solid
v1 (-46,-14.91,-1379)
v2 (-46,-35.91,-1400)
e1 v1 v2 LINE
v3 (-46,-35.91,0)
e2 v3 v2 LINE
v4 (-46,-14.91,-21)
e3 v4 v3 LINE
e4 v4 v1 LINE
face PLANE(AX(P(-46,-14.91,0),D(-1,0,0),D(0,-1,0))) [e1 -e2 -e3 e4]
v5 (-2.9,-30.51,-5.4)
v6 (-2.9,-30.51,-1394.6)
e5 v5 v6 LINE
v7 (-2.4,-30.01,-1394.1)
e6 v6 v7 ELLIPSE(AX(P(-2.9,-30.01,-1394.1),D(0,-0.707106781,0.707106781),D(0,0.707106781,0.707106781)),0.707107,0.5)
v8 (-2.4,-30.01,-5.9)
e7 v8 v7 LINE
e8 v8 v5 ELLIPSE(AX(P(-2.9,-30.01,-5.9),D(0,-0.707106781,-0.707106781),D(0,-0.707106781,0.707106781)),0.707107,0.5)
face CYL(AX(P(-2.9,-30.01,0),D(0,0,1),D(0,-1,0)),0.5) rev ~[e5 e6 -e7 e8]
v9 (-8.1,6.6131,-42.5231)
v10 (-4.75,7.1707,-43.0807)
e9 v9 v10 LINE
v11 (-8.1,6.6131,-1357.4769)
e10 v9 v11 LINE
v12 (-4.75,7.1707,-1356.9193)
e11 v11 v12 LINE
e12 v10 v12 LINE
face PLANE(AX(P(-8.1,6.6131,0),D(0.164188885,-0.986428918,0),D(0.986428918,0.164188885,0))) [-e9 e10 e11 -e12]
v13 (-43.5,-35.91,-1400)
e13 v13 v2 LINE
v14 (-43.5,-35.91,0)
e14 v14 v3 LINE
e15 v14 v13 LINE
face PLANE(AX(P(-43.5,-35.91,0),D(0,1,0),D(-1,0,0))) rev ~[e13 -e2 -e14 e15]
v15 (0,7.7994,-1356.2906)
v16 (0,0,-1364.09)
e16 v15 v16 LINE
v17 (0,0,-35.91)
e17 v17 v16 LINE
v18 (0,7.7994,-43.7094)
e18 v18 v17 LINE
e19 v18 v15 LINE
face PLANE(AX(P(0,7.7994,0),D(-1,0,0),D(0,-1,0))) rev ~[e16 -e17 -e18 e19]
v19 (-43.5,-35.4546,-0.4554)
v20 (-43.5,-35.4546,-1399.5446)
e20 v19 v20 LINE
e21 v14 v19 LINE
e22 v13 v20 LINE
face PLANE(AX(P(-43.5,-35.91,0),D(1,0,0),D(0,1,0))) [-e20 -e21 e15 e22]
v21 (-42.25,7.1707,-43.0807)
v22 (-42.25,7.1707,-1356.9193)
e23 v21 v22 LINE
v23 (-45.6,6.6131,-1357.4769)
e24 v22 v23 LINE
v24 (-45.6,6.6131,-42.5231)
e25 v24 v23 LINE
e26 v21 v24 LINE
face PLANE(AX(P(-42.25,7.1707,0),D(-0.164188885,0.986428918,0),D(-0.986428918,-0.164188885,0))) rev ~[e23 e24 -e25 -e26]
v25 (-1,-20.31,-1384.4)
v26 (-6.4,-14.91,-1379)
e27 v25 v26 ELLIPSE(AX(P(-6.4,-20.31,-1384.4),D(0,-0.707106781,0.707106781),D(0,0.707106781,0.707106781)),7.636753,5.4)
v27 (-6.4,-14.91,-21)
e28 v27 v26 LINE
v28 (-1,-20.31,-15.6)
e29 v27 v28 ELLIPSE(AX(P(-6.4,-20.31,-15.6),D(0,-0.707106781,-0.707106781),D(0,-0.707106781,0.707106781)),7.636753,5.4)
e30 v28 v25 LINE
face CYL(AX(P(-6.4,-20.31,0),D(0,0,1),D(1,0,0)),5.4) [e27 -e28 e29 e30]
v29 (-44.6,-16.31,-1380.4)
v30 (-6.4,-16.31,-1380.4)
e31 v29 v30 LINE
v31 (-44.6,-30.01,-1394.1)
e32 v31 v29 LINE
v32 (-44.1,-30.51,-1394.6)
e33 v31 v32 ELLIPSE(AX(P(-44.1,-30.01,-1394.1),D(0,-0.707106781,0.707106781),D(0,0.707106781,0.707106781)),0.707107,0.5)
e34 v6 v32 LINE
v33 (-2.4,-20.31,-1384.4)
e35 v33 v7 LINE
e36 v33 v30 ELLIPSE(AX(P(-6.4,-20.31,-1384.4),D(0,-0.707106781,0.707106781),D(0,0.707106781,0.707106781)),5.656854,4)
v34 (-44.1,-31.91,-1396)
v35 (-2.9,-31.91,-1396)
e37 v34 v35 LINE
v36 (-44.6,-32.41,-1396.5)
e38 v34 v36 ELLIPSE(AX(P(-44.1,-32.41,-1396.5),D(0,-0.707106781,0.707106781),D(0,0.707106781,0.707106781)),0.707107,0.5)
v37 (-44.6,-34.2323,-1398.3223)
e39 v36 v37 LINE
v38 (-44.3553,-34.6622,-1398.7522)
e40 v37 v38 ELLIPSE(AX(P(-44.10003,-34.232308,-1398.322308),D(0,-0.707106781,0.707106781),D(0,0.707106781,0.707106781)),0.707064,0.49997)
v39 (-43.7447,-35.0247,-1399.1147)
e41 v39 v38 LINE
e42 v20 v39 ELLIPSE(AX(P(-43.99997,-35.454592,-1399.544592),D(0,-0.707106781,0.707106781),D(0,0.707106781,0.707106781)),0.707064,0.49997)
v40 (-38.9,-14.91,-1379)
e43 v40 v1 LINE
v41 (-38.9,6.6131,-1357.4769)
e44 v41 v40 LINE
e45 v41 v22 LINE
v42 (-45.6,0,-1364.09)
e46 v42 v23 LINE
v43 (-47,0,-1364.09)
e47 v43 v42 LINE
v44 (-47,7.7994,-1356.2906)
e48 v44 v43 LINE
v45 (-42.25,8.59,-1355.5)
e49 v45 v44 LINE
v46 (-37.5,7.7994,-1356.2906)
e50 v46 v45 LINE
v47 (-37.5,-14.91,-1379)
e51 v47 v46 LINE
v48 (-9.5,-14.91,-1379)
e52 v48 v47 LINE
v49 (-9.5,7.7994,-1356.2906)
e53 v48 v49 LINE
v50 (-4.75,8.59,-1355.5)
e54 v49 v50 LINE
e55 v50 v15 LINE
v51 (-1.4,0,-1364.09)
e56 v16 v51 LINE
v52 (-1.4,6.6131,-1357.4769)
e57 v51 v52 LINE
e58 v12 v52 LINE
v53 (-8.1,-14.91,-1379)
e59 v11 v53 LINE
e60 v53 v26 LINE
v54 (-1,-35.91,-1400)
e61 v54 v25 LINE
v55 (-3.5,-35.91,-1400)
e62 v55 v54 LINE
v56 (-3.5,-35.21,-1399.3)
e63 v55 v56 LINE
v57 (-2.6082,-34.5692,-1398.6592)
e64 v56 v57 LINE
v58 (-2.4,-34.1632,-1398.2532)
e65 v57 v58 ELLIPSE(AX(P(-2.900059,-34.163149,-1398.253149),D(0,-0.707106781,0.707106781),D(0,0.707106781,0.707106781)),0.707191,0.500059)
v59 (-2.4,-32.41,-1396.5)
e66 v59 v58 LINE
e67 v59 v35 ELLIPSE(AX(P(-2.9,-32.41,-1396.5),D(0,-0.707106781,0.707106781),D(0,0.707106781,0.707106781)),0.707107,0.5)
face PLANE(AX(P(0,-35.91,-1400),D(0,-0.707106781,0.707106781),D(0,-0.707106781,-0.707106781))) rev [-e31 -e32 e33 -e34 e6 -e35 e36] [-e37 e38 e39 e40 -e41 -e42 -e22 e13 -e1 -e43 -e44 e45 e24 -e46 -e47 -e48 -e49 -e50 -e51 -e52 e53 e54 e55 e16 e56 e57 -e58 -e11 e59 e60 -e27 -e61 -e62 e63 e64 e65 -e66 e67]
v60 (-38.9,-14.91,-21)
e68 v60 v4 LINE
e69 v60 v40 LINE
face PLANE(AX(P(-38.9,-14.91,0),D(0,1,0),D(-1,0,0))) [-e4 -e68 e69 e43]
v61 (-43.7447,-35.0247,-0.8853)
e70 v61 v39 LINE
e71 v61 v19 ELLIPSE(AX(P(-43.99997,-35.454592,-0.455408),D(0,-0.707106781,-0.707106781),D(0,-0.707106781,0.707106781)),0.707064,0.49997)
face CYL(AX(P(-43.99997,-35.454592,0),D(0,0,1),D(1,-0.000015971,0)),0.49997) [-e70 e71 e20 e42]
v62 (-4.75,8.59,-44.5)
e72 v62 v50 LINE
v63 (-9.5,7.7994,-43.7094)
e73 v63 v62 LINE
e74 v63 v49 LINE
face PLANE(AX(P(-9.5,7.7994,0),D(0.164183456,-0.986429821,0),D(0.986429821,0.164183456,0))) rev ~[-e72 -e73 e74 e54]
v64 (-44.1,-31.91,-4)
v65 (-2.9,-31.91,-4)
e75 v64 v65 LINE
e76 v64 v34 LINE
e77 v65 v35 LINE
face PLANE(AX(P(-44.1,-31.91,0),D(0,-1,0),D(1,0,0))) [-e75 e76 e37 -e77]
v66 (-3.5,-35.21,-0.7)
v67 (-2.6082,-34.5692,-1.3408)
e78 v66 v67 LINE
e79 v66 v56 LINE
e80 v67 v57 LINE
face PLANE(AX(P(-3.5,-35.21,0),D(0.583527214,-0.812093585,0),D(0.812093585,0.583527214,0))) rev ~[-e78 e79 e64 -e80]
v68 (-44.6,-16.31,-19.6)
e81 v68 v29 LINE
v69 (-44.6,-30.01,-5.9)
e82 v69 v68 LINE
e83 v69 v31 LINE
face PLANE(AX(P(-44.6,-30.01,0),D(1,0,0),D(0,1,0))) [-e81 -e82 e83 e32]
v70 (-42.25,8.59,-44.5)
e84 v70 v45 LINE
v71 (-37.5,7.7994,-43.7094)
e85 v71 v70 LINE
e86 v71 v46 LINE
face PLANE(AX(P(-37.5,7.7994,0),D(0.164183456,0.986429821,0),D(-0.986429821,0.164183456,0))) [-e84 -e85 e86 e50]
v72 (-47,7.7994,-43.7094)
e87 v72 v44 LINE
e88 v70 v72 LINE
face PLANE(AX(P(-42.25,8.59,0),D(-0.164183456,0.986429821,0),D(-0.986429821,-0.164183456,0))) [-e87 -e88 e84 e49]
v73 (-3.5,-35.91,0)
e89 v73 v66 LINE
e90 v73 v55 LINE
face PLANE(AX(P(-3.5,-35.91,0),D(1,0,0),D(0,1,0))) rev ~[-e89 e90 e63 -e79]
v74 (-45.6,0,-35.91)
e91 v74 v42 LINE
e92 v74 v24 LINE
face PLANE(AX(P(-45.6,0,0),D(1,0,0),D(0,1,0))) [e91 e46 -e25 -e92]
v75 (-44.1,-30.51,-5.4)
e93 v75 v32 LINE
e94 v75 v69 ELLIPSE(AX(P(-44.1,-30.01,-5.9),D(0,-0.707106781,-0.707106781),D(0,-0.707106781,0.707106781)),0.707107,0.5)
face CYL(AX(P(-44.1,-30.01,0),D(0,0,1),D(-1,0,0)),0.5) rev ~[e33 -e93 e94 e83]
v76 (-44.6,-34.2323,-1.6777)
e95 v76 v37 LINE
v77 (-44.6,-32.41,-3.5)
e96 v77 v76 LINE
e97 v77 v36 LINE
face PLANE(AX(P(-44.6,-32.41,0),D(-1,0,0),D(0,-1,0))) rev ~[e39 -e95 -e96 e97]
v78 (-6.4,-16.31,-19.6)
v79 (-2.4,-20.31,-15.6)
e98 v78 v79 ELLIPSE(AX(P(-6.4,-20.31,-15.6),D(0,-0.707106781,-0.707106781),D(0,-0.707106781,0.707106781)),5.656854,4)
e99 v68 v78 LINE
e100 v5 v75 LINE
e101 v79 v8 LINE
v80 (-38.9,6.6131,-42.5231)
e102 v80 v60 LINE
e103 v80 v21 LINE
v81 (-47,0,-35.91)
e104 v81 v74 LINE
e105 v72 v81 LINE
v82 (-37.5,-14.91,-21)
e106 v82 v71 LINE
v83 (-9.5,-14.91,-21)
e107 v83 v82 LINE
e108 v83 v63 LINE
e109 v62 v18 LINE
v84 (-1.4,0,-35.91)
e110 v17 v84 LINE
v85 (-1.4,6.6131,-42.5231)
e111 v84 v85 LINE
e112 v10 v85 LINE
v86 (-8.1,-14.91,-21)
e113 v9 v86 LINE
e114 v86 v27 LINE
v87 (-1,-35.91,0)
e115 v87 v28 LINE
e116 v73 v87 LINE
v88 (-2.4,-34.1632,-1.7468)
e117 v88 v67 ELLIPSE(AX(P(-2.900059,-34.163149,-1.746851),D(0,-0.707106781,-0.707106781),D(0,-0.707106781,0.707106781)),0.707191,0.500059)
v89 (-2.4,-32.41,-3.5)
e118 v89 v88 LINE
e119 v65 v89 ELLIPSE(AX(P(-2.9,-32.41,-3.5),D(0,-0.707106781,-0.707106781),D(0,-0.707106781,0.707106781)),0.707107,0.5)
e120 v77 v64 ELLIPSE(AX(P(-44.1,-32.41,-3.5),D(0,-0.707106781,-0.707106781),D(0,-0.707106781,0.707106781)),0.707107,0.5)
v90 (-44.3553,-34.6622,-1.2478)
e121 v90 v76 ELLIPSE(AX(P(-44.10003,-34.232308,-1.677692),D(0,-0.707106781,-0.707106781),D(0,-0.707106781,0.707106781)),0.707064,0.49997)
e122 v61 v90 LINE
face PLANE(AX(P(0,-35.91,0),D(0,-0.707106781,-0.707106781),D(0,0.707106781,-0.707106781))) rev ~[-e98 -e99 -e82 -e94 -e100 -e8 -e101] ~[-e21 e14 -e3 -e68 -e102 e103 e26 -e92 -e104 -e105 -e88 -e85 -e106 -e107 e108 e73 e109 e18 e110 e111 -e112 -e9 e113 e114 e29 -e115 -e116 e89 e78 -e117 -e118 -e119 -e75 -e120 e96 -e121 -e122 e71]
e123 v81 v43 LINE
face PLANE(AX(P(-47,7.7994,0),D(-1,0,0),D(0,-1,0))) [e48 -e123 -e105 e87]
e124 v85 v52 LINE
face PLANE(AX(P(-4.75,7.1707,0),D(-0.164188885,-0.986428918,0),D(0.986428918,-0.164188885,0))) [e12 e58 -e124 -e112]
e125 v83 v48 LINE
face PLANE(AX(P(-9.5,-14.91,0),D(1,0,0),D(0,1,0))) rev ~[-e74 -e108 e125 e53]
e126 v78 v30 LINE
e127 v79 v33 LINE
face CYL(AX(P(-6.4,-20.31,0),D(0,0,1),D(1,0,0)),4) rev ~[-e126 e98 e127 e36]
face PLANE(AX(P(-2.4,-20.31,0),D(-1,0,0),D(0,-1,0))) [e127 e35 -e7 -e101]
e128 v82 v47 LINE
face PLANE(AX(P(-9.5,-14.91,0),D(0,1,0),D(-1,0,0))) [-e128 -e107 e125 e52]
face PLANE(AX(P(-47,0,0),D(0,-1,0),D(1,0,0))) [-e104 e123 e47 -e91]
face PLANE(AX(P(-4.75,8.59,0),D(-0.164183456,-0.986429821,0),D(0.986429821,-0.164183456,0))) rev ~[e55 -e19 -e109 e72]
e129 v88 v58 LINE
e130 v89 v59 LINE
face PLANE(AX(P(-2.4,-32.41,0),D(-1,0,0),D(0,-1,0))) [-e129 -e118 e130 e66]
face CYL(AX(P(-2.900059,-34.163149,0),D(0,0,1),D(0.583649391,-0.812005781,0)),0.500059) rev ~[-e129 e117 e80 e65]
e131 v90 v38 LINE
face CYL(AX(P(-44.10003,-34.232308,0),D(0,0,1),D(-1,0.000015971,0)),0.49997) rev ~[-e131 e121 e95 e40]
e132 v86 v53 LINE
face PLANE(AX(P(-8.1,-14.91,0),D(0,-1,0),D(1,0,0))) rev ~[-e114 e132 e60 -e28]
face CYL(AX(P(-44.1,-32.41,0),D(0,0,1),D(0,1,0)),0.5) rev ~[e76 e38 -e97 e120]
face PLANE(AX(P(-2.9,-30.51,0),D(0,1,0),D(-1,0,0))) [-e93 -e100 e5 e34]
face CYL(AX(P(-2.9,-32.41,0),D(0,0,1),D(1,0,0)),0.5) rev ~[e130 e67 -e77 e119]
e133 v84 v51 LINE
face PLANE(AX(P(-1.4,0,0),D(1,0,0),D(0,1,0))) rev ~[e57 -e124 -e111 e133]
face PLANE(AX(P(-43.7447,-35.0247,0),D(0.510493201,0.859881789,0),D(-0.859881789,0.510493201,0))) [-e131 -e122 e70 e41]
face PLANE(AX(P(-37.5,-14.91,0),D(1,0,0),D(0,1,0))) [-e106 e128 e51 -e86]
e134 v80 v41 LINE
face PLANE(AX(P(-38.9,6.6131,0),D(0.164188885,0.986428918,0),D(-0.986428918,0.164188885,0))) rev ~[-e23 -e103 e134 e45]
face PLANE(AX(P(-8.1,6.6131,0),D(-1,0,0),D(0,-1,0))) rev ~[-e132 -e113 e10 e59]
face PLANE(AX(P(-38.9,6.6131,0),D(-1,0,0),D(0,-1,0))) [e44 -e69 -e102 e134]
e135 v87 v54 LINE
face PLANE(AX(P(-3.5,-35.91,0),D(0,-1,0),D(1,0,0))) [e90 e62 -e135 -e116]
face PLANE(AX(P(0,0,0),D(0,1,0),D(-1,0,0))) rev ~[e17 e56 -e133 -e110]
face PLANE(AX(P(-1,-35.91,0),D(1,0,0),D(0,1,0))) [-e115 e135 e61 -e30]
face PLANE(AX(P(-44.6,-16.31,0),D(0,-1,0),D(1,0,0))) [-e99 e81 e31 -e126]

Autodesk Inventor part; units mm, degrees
ref_plane "YZ Plane" through (0, 0, 0) normal (1, 0, 0) x (0, 1, 0)
ref_plane "XZ Plane" through (0, 0, 0) normal (0, 1, 0) x (-1, 0, 0)
ref_plane "XY Plane" through (0, 0, 0) normal (0, 0, 1) x (1, 0, 0)
sketch "Boceto1" plane through (0, 0, 0) normal (0, 0, 1) x (1, 0, 0)
  line L0 (-46, -14.91) -> (-46, -35.91)
  line L1 (-44.1, -31.91) -> (-2.9, -31.91)
  line L2 (-1, -35.91) -> (-1, -20.31)
  line L3 (-8.1, 6.6131) -> (-8.1, -14.91)
  line L4 (-44.6, -16.31) -> (-6.4, -16.31)
  line L5 (-2.4, -20.31) -> (-2.4, -30.01)
  line L6 (-2.9, -30.51) -> (-44.1, -30.51)
  line L7 (-44.6, -30.01) -> (-44.6, -16.31)
  arc A0 (-2.4, -20.31) -> (-6.4, -16.31) centre (-6.4, -20.31) ccw
  line L8 (-2.4, -32.41) -> (-2.4, -34.1632)
  line L9 (-3.5, -35.91) -> (-1, -35.91)
  line L10 (-9.5, -14.91) -> (-9.5, 7.7994)
  line L11 (-44.6, -32.41) -> (-44.6, -34.2323)
  line L12 (-43.5, -35.91) -> (-46, -35.91)
  line L13 (-43.5, -35.91) -> (-43.5, -35.4546)
  line L14 (-3.5, -35.91) -> (-3.5, -35.21)
  line L15 (-43.7447, -35.0247) -> (-44.3553, -34.6622)
  line L16 (-3.5, -35.21) -> (-2.6082, -34.5692)
  arc A1 (-2.9, -30.51) -> (-2.4, -30.01) centre (-2.9, -30.01) ccw
  arc A2 (-2.4, -32.41) -> (-2.9, -31.91) centre (-2.9, -32.41) ccw
  arc A3 (-2.6082, -34.5692) -> (-2.4, -34.1632) centre (-2.9, -34.1632) ccw
  arc A4 (-44.6, -30.01) -> (-44.1, -30.51) centre (-44.1, -30.01) ccw
  arc A5 (-44.1, -31.91) -> (-44.6, -32.41) centre (-44.1, -32.41) ccw
  arc A6 (-44.6, -34.2323) -> (-44.3553, -34.6622) centre (-44.1, -34.2323) ccw
  arc A7 (-43.5, -35.4546) -> (-43.7447, -35.0247) centre (-44, -35.4546) ccw
  line L17 (-9.5, 7.7994) -> (-4.75, 8.59)
  line L18 (-4.75, 8.59) -> (0, 7.7994)
  line L19 (-8.1, 6.6131) -> (-4.75, 7.1707)
  line L20 (-4.75, 7.1707) -> (-1.4, 6.6131)
  line L21 (0, 7.7994) -> (0, 0)
  line L22 (0, 0) -> (-1.4, 0)
  line L23 (-1.4, 0) -> (-1.4, 6.6131)
  line L24 (-8.1, -14.91) -> (-6.4, -14.91)
  arc A8 (-1, -20.31) -> (-6.4, -14.91) centre (-6.4, -20.31) ccw
  line L25 (-4.75, 16.5254) -> (-4.75, 0) construction
  line L26 (-38.9, 6.6131) -> (-38.9, -14.91)
  line L27 (-37.5, -14.91) -> (-37.5, 7.7994)
  line L28 (-37.5, 7.7994) -> (-42.25, 8.59)
  line L29 (-42.25, 8.59) -> (-47, 7.7994)
  line L30 (-38.9, 6.6131) -> (-42.25, 7.1707)
  line L31 (-42.25, 7.1707) -> (-45.6, 6.6131)
  line L32 (-47, 7.7994) -> (-47, 0)
  line L33 (-47, 0) -> (-45.6, 0)
  line L34 (-45.6, 0) -> (-45.6, 6.6131)
  line L35 (-42.25, 16.5254) -> (-42.25, 0) construction
  line L36 (-9.5, -14.91) -> (-37.5, -14.91)
  line L37 (-38.9, -14.91) -> (-46, -14.91)
  line L38 (-23.5, 14.1873) -> (-23.5, -36.7854) construction
  point P0 (-44.6, -34.5169)
  point P1 (-43.5, -35.17)
  dimension "d17" = 4
  dimension "d24" = 1.4
  dimension "d50" = 0.7
  dimension "d61" = 0.74
  dimension "d62" = 30.7
  dimension "d63" = 35.7
  dimension "d206" = 1.4
  dimension "d207" = 1.4
  dimension "d210" = 1.4
  dimension "d211" = 1.4
  dimension "d213" = 14.2
  dimension "d214" = 1.4
  dimension "d215" = 1.4
  dimension "d216" = 1.4
  dimension "d217" = 1.4
  dimension "d218" = 45
  dimension "d223" = 5.4
  dimension "d224" = 1.4
  dimension "d225" = 9.5
  dimension "d226" = 4.75
  dimension "d227" = 3.35
  dimension "d228" = 6.7
  dimension "d229" = 44.5
  dimension "d230" = 3.35
  dimension "d231" = 2.5
  dimension "d232" = 2.5
  dimension "d240" = 8.59
  dimension "d241" = 3.35
  dimension "d242" = 99.45
  dimension "d243" = 161.1
  dimension "d246" = 1.4
  dimension "d247" = 1.4
  dimension "d248" = 1.4
  dimension "d253" = 1.4
  dimension "d254" = 1.4
  dimension "d255" = 1.4
  dimension "d256" = 1.4
  dimension "d257" = 8.59
  dimension "d258" = 161.1
  dimension "d259" = 99.45
  dimension "d260" = 22.5
  dimension "d266" = 23.5
  dimension "d267" = 47
  dimension "d268" = 3.35
  dimension "d269" = 9.5
  dimension "d270" = 4.75
  dimension "d271" = 3.35
  dimension "d272" = 6.7
  dimension "d273" = 28
  dimension "d274" = 37.5
  dimension "d275" = 8.5
  dimension "d276" = 8.5
  dimension "d277" = 44.5
  dimension "d278" = 0.5
  dimension "d279" = 14.91
  dimension "d280" = 14.91
  dimension "d283" = 16.5254
  dimension "d284" = 0
  dimension "d285" = 14.1873
  dimension "d286" = 36.7854
  dimension "d287" = 16.5254
  dimension "d288" = 0
extrude "Extrusión1" add sketch "Boceto1" against normal blind 1400
ref_plane "Plano de trabajo1" through (0, 0, -700) normal (0, 0, -1) x (-1, 0, 0)
sketch "Boceto2" plane through (0, 0, 0) normal (1, 0, 0) x (0, 1, 0)
  line L0 (-35.91, 0) -> (-20.31, 0) projected
  line L1 (-35.91, 0) -> (-35.91, -1400) projected
  line L2 (-20.31, -1400) -> (-35.91, -1400) projected
  line L3 (-20.31, 0) -> (-20.31, -1400) projected
  line L4 (-20.31, 0) -> (-14.91, 0) projected
  line L5 (-20.31, 0) -> (-20.31, -1400) projected
  line L6 (-14.91, -1400) -> (-20.31, -1400) projected
  line L7 (-14.91, 0) -> (-14.91, -1400) projected
  line L8 (-14.91, 0) -> (6.6131, 0) projected
  line L9 (-14.91, 0) -> (-14.91, -1400) projected
  line L10 (6.6131, -1400) -> (-14.91, -1400) projected
  line L11 (6.6131, 0) -> (6.6131, -1400) projected
  line L12 (0, 0) -> (7.7994, 0) projected
  line L13 (0, 0) -> (0, -1400) projected
  line L14 (7.7994, -1400) -> (0, -1400) projected
  line L15 (7.7994, 0) -> (7.7994, -1400) projected
  line L16 (7.7994, 0) -> (8.59, 0) projected
  line L17 (7.7994, 0) -> (7.7994, -1400) projected
  line L18 (8.59, -1400) -> (7.7994, -1400) projected
  line L19 (8.59, 0) -> (8.59, -1400) projected
  line L20 (-35.91, 0) -> (8.59, -44.5)
  line L21 (8.59, 0) -> (8.59, -44.5)
  line L22 (8.59, 0) -> (-35.91, 0)
  dimension "d291" = 45
extrude "Extrusión2" cut sketch "Boceto2" against normal through all contours L0 L3 L20 | L4 L7 L20 L3 | L8 L13 L20 L7 | L8 L11 L20 L13 | L12 L15 L20 L11 | L16 L19 L20 L15
mirror "Simetría1" about plane through (0, 0, -700) normal (0, 0, -1) of "Extrusión2"
properties part number "SP40-09 MARCO CORREDERA 1400 MM" material "Aluminio"
